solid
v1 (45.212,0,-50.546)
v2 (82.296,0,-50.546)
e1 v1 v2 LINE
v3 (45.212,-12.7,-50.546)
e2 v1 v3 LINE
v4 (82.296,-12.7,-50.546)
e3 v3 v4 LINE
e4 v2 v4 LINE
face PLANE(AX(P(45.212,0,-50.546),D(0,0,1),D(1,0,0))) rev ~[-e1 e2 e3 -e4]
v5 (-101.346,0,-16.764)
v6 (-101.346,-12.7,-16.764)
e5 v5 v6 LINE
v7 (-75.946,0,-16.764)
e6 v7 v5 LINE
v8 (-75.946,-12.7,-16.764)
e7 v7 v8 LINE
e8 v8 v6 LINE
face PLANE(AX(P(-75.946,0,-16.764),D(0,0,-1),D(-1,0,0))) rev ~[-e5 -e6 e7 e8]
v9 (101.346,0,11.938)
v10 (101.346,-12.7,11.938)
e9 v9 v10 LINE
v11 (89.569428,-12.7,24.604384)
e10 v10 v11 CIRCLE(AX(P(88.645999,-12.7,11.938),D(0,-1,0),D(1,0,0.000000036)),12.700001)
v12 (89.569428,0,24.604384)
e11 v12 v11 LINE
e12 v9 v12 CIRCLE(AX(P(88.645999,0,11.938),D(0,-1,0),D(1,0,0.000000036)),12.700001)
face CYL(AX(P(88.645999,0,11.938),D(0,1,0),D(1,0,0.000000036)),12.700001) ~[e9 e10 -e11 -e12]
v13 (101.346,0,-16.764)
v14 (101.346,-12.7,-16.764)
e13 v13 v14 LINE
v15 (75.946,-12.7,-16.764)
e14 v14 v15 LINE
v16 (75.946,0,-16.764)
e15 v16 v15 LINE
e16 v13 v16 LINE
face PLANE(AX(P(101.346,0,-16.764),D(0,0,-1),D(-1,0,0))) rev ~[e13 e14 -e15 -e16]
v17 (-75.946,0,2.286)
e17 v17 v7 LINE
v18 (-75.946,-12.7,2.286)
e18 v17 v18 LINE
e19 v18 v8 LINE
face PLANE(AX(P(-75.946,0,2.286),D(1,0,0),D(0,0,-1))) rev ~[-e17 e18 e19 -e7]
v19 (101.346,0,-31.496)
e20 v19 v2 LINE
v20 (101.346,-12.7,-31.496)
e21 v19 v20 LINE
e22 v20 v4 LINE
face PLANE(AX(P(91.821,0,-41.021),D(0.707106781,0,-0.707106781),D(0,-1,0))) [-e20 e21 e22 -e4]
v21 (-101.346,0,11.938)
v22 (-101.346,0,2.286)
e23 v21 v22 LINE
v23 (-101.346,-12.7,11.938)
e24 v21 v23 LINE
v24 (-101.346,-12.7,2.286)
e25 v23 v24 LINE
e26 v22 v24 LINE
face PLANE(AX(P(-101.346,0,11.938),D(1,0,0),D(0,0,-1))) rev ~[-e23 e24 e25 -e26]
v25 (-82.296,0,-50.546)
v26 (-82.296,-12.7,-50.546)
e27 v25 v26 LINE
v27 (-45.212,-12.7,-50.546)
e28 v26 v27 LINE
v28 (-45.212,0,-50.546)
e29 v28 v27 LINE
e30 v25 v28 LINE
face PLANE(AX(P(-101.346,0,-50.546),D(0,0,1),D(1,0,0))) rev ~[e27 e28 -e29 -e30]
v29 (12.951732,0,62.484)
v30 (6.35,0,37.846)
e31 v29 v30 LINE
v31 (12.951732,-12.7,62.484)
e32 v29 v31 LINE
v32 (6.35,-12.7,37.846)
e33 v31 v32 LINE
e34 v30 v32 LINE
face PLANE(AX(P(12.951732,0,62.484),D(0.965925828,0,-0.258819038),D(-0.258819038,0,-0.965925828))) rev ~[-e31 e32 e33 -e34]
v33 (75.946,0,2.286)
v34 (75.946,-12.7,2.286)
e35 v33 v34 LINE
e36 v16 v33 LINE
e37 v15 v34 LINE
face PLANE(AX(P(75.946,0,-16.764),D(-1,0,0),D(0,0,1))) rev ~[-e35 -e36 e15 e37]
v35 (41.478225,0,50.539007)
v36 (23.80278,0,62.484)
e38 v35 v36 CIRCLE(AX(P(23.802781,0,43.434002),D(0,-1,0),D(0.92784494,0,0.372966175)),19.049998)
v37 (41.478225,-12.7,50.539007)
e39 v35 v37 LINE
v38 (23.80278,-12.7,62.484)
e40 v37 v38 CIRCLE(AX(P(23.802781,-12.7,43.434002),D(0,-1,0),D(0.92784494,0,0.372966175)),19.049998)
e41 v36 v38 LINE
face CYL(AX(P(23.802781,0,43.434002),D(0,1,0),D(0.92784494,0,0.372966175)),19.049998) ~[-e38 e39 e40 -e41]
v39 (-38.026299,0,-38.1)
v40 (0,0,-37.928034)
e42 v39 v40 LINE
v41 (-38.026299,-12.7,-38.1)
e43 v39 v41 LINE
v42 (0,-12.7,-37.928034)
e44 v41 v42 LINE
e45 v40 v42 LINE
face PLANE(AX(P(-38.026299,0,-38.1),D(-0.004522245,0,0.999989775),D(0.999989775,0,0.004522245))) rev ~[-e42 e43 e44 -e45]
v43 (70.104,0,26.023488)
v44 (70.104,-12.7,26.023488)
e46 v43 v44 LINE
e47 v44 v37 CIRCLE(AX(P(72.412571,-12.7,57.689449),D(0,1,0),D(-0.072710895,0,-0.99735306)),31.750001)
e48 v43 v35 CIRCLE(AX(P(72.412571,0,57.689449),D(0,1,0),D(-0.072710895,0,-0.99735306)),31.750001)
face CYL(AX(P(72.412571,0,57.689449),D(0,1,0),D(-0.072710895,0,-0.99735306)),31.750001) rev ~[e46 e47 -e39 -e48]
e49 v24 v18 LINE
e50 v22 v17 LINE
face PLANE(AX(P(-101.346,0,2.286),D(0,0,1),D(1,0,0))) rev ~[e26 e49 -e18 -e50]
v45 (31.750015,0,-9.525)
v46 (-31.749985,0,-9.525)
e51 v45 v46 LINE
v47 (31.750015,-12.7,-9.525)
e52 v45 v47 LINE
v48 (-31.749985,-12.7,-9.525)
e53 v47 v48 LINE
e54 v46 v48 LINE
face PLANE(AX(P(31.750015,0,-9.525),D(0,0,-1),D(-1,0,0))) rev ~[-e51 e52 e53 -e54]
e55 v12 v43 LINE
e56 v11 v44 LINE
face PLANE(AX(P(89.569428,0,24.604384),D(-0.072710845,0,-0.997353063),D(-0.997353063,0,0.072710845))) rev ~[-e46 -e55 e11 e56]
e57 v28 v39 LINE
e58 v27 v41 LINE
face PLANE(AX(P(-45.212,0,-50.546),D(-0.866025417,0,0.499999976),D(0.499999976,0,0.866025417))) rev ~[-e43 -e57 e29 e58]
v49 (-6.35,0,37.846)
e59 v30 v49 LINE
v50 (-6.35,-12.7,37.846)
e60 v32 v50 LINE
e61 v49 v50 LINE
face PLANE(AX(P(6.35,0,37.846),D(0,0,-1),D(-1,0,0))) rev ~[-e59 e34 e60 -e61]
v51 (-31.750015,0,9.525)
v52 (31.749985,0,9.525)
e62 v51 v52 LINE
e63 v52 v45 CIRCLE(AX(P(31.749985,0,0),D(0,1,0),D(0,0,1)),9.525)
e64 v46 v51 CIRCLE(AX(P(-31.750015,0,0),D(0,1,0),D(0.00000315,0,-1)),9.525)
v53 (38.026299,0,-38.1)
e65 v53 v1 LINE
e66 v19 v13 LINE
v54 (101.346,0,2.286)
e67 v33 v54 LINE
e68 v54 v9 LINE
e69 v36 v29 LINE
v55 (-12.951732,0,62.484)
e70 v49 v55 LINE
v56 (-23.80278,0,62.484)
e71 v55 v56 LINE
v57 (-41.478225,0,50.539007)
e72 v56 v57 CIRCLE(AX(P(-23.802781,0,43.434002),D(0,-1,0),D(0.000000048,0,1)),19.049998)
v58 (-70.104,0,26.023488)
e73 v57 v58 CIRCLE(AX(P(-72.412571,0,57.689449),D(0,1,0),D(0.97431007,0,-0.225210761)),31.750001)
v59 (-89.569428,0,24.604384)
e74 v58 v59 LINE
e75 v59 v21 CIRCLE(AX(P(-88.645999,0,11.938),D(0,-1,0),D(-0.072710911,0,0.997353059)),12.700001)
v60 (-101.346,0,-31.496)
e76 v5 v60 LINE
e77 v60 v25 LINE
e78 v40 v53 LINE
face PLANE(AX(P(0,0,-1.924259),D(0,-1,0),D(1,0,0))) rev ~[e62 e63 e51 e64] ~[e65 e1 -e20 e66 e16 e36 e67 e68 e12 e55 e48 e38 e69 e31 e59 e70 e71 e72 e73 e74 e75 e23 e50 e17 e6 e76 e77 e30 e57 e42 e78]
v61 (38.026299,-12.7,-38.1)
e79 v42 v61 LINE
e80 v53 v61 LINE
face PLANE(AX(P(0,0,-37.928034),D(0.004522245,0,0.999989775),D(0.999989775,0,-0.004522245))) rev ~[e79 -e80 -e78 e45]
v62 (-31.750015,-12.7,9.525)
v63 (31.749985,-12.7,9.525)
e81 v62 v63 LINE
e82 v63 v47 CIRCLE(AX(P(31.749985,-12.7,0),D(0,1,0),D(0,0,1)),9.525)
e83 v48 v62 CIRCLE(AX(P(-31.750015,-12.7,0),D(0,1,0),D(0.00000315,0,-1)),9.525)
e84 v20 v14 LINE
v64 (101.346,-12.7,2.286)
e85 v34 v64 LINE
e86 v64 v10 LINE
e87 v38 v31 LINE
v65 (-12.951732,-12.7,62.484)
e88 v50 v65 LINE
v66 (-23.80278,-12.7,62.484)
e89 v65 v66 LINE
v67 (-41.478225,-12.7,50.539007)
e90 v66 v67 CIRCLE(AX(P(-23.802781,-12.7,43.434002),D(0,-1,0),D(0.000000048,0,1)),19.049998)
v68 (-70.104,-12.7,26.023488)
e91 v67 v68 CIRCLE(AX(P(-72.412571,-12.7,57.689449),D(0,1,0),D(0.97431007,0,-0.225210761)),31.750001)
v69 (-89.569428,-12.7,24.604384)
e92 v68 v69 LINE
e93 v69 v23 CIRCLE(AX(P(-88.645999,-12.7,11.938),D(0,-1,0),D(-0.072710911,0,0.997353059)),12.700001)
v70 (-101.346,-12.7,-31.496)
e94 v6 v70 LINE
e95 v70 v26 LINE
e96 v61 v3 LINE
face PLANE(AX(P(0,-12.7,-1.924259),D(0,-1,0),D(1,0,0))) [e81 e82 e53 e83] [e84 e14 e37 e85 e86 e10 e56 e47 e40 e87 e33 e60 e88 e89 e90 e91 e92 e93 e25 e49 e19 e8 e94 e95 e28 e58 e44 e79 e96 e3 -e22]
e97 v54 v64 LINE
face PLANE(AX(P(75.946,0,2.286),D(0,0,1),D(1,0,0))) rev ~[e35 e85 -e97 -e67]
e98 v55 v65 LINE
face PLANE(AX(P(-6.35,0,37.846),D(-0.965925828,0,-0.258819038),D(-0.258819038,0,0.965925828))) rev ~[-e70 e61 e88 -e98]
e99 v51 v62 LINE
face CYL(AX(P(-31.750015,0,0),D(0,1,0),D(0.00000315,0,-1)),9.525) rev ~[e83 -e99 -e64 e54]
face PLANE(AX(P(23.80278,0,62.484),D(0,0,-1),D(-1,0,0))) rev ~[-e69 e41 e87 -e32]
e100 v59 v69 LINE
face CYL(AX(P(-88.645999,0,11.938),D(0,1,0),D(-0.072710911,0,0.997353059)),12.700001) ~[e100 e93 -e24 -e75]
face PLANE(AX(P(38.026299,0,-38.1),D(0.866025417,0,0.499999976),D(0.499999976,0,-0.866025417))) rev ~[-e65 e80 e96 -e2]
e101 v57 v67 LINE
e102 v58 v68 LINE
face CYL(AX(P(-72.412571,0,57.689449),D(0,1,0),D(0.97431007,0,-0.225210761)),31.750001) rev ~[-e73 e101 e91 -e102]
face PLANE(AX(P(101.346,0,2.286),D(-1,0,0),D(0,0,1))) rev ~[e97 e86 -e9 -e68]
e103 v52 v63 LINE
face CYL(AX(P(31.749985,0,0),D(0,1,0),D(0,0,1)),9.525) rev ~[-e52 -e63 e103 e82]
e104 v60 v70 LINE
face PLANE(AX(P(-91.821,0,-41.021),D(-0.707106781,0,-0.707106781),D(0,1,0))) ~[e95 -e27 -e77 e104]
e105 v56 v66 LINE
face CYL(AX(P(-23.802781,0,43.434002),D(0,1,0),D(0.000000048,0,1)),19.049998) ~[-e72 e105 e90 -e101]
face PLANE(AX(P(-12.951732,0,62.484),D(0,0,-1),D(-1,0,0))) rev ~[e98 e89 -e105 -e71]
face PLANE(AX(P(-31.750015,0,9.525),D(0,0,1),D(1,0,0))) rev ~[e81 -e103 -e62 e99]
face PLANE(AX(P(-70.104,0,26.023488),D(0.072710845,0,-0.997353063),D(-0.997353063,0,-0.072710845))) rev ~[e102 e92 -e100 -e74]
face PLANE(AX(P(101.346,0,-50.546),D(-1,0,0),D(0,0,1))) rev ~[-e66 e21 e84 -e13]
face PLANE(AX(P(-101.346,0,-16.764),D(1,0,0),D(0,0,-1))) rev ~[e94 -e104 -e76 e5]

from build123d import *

# Parameters (mm, degrees)
F1_DEPTH = 12.7
F2_SIZE2 = 19.05
F2_SIZE  = 19.05


with BuildPart() as f1:
    # F0 (on Front) → F1 (new body)
    with BuildSketch(Plane.XZ):
        with BuildLine():
            Line((6.35, 37.846), (0, 37.846))
            Line((0, 37.846), (-6.35, 37.846))
            Line((-6.35, 37.846), (-12.951732, 62.484))
            Line((-12.951732, 62.484), (-23.80278, 62.484))
            ThreePointArc((-23.80278, 62.484), (-34.469366, 59.21774), (-41.478225, 50.539007))
            ThreePointArc((-41.478225, 50.539007), (-51.760076, 33.57437), (-70.104, 26.023488))
            Line((-70.104, 26.023488), (-89.569428, 24.604384))
            ThreePointArc((-89.569428, 24.604384), (-97.947009, 20.585614), (-101.346, 11.938))
            Line((-101.346, 11.938), (-101.346, 2.286))
            Line((-101.346, 2.286), (-75.946, 2.286))
            Line((-75.946, 2.286), (-75.946, -16.764))
            Line((-75.946, -16.764), (-101.346, -16.764))
            Line((-101.346, -16.764), (-101.346, -50.546))
            Line((-101.346, -50.546), (-45.212, -50.546))
            Line((-45.212, -50.546), (-38.026299, -38.1))
            Line((-38.026299, -38.1), (0, -37.928034))
            Line((0, -37.928034), (38.026299, -38.1))
            Line((38.026299, -38.1), (45.212, -50.546))
            Line((45.212, -50.546), (101.346, -50.546))
            Line((101.346, -50.546), (101.346, -16.764))
            Line((101.346, -16.764), (75.946, -16.764))
            Line((75.946, -16.764), (75.946, 2.286))
            Line((75.946, 2.286), (101.346, 2.286))
            Line((101.346, 2.286), (101.346, 11.938))
            ThreePointArc((101.346, 11.938), (97.947009, 20.585614), (89.569428, 24.604384))
            Line((89.569428, 24.604384), (70.104, 26.023488))
            ThreePointArc((70.104, 26.023488), (51.760076, 33.57437), (41.478225, 50.539007))
            ThreePointArc((41.478225, 50.539007), (34.469366, 59.21774), (23.80278, 62.484))
            Line((23.80278, 62.484), (12.951732, 62.484))
            Line((12.951732, 62.484), (6.35, 37.846))
        make_face()
        with BuildLine():
            Line((-31.750015, 9.525), (31.749985, 9.525))
            ThreePointArc((31.749985, 9.525), (41.274985, 1.5e-05), (31.750015, -9.525))
            Line((31.750015, -9.525), (-31.749985, -9.525))
            ThreePointArc((-31.749985, -9.525), (-41.275015, -1.5e-05), (-31.750015, 9.525))
        make_face(mode=Mode.SUBTRACT)
    extrude(amount=F1_DEPTH)

    # F2
    f2_edges = [f1.edges().sort_by_distance(p)[0] for p in [
        (-101.346, -6.35, -50.546),
        (101.346, -6.35, -50.546),
    ]]
    chamfer(f2_edges, length=F2_SIZE, length2=F2_SIZE2)


solid = f1.part
